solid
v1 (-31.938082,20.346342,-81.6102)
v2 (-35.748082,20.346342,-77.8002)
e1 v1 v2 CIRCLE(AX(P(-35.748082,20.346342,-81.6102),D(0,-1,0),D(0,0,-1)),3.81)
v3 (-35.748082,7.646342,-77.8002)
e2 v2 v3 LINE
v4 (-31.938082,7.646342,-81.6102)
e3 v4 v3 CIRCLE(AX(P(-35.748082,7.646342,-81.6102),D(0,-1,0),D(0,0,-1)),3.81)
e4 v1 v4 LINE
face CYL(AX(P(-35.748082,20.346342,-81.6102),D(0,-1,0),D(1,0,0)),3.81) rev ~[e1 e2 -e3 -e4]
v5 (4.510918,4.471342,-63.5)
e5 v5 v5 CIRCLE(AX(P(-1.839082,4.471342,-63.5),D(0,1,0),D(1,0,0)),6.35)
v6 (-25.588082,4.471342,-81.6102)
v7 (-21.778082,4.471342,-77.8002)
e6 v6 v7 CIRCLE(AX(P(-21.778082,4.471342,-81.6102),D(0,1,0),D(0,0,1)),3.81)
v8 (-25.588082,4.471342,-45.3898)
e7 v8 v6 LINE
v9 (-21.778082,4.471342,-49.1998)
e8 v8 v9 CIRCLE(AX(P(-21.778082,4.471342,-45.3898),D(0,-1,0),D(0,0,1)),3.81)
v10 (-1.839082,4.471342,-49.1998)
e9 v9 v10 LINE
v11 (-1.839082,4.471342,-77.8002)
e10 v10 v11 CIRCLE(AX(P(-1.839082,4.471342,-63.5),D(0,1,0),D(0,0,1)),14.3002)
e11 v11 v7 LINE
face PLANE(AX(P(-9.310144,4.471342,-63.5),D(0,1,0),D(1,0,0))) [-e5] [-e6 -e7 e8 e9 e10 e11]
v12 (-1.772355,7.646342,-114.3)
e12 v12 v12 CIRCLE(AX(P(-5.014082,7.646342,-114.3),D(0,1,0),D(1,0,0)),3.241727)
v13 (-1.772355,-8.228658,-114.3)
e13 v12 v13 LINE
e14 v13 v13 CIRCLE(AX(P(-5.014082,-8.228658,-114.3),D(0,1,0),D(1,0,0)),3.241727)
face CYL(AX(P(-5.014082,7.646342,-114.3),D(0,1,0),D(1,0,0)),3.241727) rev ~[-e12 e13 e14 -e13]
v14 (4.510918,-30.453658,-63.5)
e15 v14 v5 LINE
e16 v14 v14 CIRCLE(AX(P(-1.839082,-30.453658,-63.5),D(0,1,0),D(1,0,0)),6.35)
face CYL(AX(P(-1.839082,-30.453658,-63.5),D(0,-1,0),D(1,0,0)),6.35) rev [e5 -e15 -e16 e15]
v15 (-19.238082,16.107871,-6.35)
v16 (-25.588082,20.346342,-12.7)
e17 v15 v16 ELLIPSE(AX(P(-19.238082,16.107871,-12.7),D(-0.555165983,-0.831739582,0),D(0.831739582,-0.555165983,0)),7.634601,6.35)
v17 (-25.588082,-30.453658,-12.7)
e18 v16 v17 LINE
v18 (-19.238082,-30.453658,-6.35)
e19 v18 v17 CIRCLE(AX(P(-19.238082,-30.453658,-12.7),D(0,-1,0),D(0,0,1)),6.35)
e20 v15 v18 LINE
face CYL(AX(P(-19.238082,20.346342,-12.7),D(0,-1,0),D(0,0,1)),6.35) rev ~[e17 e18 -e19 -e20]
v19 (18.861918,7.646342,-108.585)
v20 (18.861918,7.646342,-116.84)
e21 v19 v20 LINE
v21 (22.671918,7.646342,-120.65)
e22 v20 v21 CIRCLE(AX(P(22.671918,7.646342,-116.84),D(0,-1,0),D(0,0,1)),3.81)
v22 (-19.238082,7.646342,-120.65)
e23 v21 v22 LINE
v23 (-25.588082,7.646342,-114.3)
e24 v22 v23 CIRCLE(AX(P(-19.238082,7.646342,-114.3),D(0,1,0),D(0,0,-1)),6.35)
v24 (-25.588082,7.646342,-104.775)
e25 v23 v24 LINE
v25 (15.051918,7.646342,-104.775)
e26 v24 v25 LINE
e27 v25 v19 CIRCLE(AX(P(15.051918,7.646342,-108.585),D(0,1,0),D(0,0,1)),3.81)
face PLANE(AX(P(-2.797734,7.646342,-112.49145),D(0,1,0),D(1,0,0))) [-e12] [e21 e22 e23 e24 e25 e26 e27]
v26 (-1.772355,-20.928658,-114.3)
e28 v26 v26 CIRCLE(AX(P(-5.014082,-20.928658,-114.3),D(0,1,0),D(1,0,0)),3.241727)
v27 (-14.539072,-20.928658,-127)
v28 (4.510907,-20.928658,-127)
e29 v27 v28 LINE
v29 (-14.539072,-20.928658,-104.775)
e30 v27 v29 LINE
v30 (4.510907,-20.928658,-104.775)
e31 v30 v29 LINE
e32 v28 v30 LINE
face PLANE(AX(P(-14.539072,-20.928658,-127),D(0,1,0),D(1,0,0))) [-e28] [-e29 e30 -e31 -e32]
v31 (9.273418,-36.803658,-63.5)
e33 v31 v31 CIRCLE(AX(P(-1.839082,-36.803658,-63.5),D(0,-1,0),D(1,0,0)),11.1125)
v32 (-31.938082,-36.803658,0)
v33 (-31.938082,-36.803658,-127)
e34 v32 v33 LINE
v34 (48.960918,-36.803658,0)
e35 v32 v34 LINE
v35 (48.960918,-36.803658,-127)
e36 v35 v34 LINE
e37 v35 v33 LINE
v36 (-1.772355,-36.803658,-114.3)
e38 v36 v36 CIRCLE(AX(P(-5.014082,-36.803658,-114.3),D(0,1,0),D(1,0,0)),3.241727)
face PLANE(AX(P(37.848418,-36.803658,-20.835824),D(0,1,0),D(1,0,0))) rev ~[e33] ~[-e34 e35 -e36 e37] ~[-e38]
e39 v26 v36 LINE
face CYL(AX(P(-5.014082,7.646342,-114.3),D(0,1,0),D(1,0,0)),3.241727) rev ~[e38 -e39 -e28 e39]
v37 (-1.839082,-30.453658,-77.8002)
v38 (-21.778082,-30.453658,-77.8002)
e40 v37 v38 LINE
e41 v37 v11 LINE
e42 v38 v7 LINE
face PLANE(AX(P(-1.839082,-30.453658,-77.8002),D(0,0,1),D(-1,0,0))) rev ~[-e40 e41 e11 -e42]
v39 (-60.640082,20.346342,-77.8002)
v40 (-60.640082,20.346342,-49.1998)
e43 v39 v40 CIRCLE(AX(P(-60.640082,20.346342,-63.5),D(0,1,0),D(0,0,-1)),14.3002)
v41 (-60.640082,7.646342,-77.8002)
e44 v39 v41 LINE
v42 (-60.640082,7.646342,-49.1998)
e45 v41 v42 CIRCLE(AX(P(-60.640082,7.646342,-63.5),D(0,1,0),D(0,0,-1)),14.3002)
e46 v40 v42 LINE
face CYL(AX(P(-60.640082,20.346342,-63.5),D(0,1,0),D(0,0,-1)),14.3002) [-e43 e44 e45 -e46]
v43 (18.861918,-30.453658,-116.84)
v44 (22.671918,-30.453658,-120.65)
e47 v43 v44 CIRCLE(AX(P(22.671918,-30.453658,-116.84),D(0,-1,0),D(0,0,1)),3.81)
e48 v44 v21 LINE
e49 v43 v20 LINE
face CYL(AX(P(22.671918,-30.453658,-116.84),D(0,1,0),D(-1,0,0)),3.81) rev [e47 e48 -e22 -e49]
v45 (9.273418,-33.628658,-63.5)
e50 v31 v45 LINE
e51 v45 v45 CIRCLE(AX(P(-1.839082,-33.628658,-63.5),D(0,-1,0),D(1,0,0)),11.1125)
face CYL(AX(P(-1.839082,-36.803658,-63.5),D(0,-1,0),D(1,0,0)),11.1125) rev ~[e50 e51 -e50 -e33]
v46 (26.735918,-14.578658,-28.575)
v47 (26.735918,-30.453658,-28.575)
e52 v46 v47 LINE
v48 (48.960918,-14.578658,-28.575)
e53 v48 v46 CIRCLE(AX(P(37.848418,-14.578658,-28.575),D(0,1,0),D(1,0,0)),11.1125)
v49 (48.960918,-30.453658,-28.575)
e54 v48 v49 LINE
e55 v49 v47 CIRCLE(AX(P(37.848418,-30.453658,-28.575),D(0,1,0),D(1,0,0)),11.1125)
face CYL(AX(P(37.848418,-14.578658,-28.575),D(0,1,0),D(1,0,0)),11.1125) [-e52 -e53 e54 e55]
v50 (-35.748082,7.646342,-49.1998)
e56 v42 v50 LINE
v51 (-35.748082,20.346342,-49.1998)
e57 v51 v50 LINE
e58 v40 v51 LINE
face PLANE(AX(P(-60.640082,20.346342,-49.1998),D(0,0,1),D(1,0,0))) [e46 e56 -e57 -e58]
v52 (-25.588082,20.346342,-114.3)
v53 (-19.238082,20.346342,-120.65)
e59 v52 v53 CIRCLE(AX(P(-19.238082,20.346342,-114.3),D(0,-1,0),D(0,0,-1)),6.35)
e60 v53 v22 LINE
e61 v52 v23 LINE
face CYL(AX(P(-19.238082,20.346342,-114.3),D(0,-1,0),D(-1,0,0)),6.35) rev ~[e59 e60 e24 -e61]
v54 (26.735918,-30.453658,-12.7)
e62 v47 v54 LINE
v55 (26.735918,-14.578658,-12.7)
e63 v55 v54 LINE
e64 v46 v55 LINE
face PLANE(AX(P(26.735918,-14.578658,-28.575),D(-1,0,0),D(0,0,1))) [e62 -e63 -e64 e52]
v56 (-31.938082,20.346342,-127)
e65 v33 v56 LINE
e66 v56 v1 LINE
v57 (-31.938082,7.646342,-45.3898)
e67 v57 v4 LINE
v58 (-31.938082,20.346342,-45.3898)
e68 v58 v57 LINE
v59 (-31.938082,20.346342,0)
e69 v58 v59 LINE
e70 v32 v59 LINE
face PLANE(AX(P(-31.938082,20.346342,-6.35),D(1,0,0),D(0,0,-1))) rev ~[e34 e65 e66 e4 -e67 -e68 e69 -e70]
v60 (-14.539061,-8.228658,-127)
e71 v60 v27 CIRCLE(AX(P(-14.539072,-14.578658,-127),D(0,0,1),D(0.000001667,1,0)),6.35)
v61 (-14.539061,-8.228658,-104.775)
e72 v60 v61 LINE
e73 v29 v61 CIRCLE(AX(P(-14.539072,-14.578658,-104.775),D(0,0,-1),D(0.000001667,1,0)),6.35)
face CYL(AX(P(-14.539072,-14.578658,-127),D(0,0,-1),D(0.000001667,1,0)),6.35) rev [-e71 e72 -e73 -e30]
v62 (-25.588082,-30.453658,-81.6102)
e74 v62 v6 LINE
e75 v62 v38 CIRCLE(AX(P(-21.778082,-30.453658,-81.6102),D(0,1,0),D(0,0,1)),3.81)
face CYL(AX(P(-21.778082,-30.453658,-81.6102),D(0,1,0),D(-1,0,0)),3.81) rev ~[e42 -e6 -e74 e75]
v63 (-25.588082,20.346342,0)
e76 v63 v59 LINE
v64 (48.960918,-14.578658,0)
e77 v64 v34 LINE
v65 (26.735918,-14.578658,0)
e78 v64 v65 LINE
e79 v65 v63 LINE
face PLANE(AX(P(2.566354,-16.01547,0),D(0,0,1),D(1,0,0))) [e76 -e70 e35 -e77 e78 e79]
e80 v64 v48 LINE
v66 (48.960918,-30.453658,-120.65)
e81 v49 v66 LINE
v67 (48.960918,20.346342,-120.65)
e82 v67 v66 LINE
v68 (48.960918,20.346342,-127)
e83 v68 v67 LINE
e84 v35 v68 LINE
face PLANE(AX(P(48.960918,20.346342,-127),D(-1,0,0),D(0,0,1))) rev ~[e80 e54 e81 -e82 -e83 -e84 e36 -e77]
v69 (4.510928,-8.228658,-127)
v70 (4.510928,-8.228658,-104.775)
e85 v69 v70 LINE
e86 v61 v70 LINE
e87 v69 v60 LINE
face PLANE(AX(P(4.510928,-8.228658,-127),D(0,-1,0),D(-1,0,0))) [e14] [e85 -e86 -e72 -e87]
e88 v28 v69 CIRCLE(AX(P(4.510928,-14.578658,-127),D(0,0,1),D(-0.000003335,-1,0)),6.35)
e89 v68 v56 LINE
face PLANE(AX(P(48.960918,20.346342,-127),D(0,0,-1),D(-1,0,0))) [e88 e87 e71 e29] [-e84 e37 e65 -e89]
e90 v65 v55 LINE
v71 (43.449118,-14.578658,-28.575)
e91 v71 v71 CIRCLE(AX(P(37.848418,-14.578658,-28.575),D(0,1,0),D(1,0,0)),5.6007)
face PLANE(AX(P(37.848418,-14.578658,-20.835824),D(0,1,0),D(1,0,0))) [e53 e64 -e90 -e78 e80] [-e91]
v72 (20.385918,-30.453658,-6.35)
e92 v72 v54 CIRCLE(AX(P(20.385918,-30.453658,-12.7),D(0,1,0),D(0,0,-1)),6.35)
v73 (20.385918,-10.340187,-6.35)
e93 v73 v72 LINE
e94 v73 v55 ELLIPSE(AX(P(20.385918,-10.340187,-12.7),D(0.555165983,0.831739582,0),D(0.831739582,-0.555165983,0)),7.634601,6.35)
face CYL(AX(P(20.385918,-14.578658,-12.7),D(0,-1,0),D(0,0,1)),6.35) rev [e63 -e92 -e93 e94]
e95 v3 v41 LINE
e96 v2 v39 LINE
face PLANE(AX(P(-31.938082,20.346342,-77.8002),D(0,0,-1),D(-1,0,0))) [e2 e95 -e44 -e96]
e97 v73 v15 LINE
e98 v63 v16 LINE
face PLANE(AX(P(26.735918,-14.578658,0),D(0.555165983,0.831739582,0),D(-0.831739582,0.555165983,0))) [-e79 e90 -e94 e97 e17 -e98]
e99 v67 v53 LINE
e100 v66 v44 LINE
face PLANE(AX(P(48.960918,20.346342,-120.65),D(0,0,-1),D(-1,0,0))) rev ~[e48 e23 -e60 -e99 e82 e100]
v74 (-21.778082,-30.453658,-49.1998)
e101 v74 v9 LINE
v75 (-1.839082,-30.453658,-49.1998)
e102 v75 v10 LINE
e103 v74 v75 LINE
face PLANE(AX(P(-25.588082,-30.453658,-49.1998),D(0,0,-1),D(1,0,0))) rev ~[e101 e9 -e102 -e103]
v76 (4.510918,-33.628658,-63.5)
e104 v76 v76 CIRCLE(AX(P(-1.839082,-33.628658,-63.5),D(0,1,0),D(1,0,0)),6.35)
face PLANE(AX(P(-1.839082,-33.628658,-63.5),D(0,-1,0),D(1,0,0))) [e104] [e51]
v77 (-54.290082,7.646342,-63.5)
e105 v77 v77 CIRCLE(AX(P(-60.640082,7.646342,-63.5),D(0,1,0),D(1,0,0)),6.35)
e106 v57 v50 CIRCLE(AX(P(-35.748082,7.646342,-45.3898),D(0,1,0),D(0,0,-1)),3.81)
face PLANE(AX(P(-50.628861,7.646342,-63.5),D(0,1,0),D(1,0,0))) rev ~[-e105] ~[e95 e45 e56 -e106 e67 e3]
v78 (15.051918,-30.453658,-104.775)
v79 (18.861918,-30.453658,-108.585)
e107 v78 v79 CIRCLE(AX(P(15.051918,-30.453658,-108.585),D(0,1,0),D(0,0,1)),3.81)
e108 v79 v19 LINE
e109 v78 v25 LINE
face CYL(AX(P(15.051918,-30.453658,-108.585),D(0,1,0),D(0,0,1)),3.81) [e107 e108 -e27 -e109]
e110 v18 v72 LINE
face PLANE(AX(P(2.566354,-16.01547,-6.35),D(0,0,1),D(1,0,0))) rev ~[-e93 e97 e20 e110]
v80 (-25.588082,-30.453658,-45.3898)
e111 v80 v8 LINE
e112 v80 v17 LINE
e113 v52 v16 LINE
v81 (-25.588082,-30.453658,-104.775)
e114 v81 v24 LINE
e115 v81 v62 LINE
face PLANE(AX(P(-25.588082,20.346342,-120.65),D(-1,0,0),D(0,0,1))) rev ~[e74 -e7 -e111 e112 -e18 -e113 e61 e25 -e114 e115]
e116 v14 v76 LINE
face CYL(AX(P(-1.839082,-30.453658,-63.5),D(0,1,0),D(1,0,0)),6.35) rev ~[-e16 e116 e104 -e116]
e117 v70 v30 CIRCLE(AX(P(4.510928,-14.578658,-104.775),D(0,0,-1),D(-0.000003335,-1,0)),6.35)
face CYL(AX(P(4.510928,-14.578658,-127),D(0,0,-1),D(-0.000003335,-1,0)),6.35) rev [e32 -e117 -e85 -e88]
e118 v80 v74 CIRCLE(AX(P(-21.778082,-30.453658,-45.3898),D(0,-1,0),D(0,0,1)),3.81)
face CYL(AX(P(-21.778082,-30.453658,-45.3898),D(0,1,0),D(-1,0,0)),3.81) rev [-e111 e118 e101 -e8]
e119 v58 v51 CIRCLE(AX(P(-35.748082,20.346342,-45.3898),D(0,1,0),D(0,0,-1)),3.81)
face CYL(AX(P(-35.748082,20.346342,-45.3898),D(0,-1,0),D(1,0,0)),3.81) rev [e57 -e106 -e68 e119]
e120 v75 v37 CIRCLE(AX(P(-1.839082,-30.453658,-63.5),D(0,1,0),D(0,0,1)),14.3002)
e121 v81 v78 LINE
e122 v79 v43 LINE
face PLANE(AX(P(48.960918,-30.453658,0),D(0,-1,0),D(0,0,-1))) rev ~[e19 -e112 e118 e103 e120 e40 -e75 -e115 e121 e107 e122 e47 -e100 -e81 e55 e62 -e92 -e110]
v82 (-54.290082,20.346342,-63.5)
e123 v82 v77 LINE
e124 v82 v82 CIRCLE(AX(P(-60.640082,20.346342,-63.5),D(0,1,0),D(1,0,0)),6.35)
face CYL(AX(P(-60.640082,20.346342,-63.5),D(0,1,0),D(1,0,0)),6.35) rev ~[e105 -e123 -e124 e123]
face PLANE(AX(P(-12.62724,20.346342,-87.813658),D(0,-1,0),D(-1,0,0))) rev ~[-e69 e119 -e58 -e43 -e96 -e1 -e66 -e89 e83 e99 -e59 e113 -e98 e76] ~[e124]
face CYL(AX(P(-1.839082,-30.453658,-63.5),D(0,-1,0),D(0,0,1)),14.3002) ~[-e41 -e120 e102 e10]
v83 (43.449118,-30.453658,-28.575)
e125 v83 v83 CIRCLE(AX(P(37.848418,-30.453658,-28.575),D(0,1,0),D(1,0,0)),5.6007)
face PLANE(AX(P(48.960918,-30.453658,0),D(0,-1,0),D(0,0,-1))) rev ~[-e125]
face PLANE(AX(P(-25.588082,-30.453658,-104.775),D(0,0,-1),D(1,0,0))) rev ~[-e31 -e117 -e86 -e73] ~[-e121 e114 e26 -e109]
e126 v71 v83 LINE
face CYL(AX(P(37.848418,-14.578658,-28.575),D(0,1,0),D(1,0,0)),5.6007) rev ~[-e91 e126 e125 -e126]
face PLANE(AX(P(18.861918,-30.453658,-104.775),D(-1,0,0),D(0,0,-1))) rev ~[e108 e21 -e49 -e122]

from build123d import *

# Parameters (mm, degrees)
BOSS_EXTRUDE1_DEPTH = 6.35
BOSS_EXTRUDE2_DEPTH = 57.15
FILLET1_R           = 6.35
SKETCH3_R           = 5.6007
BOSS_EXTRUDE3_DEPTH = 22.225
SKETCH4_W           = 127
SKETCH4_H           = 6.35
BOSS_EXTRUDE4_DEPTH = 80.899
BOSS_EXTRUDE5_DEPTH = 38.1
FILLET2_R           = 3.81
SKETCH6_R           = 6.35
BOSS_EXTRUDE6_DEPTH = 34.925
SKETCH7_R           = 6.35
CUT_EXTRUDE1_DEPTH  = 34.925
SKETCH8_R           = 11.1125
CUT_EXTRUDE2_DEPTH  = 3.175
FILLET3_R           = 6.35
SKETCH10_R          = 6.35
BOSS_EXTRUDE7_DEPTH = 12.7
FILLET4_R           = 3.81
CUT_EXTRUDE3_REACH  = 46.45
SKETCH11_R          = 3.241727166
CUT_EXTRUDE4_REACH  = 129


with BuildPart() as part:
    # Sketch1 → Boss-Extrude1 (new body)
    with BuildSketch(Plane.XY):
        Polygon((-25.588082164, 20.346341683), (-31.938082164, 20.346341683), (-31.938082164, -36.803658317), (48.960917836, -36.803658317), (48.960917836, -14.578658317), (26.735917836, -14.578658317), align=None)
    extrude(amount=-BOSS_EXTRUDE1_DEPTH)

    # Sketch2 → Boss-Extrude2 (add)
    with BuildSketch(Plane(origin=(0, 20.346341683, 0), x_dir=(1, 0, 0), z_dir=(0, 1, 0))):
        Polygon((48.960917836, 127), (48.960917836, 120.65), (-25.588082164, 120.65), (-25.588082164, 6.35), (-31.938082164, 6.35), (-31.938082164, 127), (-25.588082164, 127), align=None)
    extrude(amount=-BOSS_EXTRUDE2_DEPTH)

    # Fillet1
    fillet1_edges = [part.edges().sort_by_distance(p)[0] for p in [
        (-25.588082164, -8.228658317, -120.65),
        (-25.588082164, -8.228658317, -6.35),
    ]]
    fillet(fillet1_edges, radius=FILLET1_R)

    # Sketch3 → Boss-Extrude3 (add)
    with BuildSketch(Plane(origin=(0, -14.578658317, 0), x_dir=(1, 0, 0), z_dir=(0, 1, 0))):
        with BuildLine():
            Line((26.735917836, 6.35), (48.960917836, 6.35))
            Line((48.960917836, 6.35), (48.960917836, 28.575))
            ThreePointArc((48.960917836, 28.575), (37.848417836, 39.6875), (26.735917836, 28.575))
            Line((26.735917836, 28.575), (26.735917836, 6.35))
        make_face()
        with Locations((37.848417836, 28.575)):
            Circle(SKETCH3_R, mode=Mode.SUBTRACT)
    extrude(amount=-BOSS_EXTRUDE3_DEPTH)

    # Sketch4 → Boss-Extrude4 (add)
    with BuildSketch(Plane(origin=(48.960917836, 0, 0), x_dir=(0, 0, -1), z_dir=(1, 0, 0))):
        with Locations((63.5, -33.628658317)):
            Rectangle(SKETCH4_W, SKETCH4_H)
    extrude(amount=-BOSS_EXTRUDE4_DEPTH)

    # Sketch5 → Boss-Extrude5 (add)
    with BuildSketch(Plane(origin=(0, -30.453658317, 0), x_dir=(1, 0, 0), z_dir=(0, 1, 0))):
        with BuildLine():
            Line((-25.588082164, 104.775), (18.861917836, 104.775))
            Line((18.861917836, 104.775), (18.861917836, 120.65))
            Line((18.861917836, 120.65), (-19.238082164, 120.65))
            ThreePointArc((-19.238082164, 120.65), (-23.728210225, 118.790128061), (-25.588082164, 114.3))
            Line((-25.588082164, 114.3), (-25.588082164, 104.775))
        make_face()
    extrude(amount=BOSS_EXTRUDE5_DEPTH)

    # Fillet2
    fillet2_edges = [part.edges().sort_by_distance(p)[0] for p in [
        (18.861917836, -11.403658317, -104.775),
        (18.861917836, -11.403658317, -120.65),
    ]]
    fillet(fillet2_edges, radius=FILLET2_R)

    # Sketch6 → Boss-Extrude6 (add)
    with BuildSketch(Plane(origin=(0, -30.453658317, 0), x_dir=(1, 0, 0), z_dir=(0, 1, 0))):
        with BuildLine():
            Line((-1.839082164, 77.8002), (-25.588082164, 77.8002))
            Line((-25.588082164, 77.8002), (-25.588082164, 49.1998))
            Line((-25.588082164, 49.1998), (-1.839082164, 49.1998))
            ThreePointArc((-1.839082164, 49.1998), (12.461117836, 63.5), (-1.839082164, 77.8002))
        make_face()
        with Locations((-1.839082164, 63.5)):
            Circle(SKETCH6_R, mode=Mode.SUBTRACT)
    extrude(amount=BOSS_EXTRUDE6_DEPTH)

    # Sketch7 → Cut-Extrude1 (cut)
    with BuildSketch(Plane(origin=(0, -30.453658317, 0), x_dir=(1, 0, 0), z_dir=(0, 1, 0))):
        with Locations((-1.839082164, 63.5)):
            Circle(SKETCH7_R)
    extrude(amount=-CUT_EXTRUDE1_DEPTH, mode=Mode.SUBTRACT)

    # Sketch8 → Cut-Extrude2 (cut)
    with BuildSketch(Plane.XZ.offset(36.803658317)):
        with Locations((-1.839082164, -63.5)):
            Circle(SKETCH8_R)
    extrude(amount=-CUT_EXTRUDE2_DEPTH, mode=Mode.SUBTRACT)

    # Fillet3
    fillet3_edges = [part.edges().sort_by_distance(p)[0] for p in [
        (26.735917836, -22.516158317, -6.35),
    ]]
    fillet(fillet3_edges, radius=FILLET3_R)

    # Sketch10 → Boss-Extrude7 (add)
    with BuildSketch(Plane(origin=(0, 20.346341683, 0), x_dir=(1, 0, 0), z_dir=(0, 1, 0))):
        with BuildLine():
            Line((-60.640082164, 49.1998), (-31.938082164, 49.1998))
            Line((-31.938082164, 49.1998), (-31.938082164, 77.8002))
            Line((-31.938082164, 77.8002), (-60.640082164, 77.8002))
            ThreePointArc((-60.640082164, 77.8002), (-74.940282164, 63.5), (-60.640082164, 49.1998))
        make_face()
        with Locations((-60.640082164, 63.5)):
            Circle(SKETCH10_R, mode=Mode.SUBTRACT)
    extrude(amount=-BOSS_EXTRUDE7_DEPTH)

    # Fillet4
    fillet4_edges = [part.edges().sort_by_distance(p)[0] for p in [
        (-25.588082164, -12.991158317, -77.8002),
        (-25.588082164, -12.991158317, -49.1998),
        (-31.938082164, 13.996341683, -77.8002),
        (-31.938082164, 13.996341683, -49.1998),
    ]]
    fillet(fillet4_edges, radius=FILLET4_R)

    # Sketch11 → Cut-Extrude3 (cut, up to next)
    with BuildSketch(Plane(origin=(0, 7.646341683, 0), x_dir=(1, 0, 0), z_dir=(0, 1, 0)), mode=Mode.PRIVATE) as cut_extrude3_sk1:
        with Locations((-5.014082164, 114.3)):
            Circle(SKETCH11_R)
    cut_extrude3_tool1 = extrude(cut_extrude3_sk1.sketch, amount=-CUT_EXTRUDE3_REACH, mode=Mode.PRIVATE) & part.part
    add(cut_extrude3_tool1.solids().sort_by_distance((-5.014082, 7.646342, -114.3))[0], mode=Mode.SUBTRACT)

    # Sketch12 → Cut-Extrude4 (cut, up to next)
    with BuildSketch(Plane(origin=(0, 0, -127), x_dir=(-1, 0, 0), z_dir=(0, 0, -1)), mode=Mode.PRIVATE) as cut_extrude4_sk1:
        with BuildLine():
            Line((-4.510928423, -8.228658317), (14.539060991, -8.228658317))
            ThreePointArc((14.539060991, -8.228658317), (20.889071577, -14.578653023), (14.539071577, -20.928658317))
            Line((14.539071577, -20.928658317), (-4.510907248, -20.928658317))
            ThreePointArc((-4.510907248, -20.928658317), (-10.860928423, -14.578668904), (-4.510928423, -8.228658317))
        make_face()
    cut_extrude4_tool1 = extrude(cut_extrude4_sk1.sketch, amount=-CUT_EXTRUDE4_REACH, mode=Mode.PRIVATE) & part.part
    add(cut_extrude4_tool1.solids().sort_by_distance((-5.014072, -14.578658, -127))[0], mode=Mode.SUBTRACT)


solid = part.part
